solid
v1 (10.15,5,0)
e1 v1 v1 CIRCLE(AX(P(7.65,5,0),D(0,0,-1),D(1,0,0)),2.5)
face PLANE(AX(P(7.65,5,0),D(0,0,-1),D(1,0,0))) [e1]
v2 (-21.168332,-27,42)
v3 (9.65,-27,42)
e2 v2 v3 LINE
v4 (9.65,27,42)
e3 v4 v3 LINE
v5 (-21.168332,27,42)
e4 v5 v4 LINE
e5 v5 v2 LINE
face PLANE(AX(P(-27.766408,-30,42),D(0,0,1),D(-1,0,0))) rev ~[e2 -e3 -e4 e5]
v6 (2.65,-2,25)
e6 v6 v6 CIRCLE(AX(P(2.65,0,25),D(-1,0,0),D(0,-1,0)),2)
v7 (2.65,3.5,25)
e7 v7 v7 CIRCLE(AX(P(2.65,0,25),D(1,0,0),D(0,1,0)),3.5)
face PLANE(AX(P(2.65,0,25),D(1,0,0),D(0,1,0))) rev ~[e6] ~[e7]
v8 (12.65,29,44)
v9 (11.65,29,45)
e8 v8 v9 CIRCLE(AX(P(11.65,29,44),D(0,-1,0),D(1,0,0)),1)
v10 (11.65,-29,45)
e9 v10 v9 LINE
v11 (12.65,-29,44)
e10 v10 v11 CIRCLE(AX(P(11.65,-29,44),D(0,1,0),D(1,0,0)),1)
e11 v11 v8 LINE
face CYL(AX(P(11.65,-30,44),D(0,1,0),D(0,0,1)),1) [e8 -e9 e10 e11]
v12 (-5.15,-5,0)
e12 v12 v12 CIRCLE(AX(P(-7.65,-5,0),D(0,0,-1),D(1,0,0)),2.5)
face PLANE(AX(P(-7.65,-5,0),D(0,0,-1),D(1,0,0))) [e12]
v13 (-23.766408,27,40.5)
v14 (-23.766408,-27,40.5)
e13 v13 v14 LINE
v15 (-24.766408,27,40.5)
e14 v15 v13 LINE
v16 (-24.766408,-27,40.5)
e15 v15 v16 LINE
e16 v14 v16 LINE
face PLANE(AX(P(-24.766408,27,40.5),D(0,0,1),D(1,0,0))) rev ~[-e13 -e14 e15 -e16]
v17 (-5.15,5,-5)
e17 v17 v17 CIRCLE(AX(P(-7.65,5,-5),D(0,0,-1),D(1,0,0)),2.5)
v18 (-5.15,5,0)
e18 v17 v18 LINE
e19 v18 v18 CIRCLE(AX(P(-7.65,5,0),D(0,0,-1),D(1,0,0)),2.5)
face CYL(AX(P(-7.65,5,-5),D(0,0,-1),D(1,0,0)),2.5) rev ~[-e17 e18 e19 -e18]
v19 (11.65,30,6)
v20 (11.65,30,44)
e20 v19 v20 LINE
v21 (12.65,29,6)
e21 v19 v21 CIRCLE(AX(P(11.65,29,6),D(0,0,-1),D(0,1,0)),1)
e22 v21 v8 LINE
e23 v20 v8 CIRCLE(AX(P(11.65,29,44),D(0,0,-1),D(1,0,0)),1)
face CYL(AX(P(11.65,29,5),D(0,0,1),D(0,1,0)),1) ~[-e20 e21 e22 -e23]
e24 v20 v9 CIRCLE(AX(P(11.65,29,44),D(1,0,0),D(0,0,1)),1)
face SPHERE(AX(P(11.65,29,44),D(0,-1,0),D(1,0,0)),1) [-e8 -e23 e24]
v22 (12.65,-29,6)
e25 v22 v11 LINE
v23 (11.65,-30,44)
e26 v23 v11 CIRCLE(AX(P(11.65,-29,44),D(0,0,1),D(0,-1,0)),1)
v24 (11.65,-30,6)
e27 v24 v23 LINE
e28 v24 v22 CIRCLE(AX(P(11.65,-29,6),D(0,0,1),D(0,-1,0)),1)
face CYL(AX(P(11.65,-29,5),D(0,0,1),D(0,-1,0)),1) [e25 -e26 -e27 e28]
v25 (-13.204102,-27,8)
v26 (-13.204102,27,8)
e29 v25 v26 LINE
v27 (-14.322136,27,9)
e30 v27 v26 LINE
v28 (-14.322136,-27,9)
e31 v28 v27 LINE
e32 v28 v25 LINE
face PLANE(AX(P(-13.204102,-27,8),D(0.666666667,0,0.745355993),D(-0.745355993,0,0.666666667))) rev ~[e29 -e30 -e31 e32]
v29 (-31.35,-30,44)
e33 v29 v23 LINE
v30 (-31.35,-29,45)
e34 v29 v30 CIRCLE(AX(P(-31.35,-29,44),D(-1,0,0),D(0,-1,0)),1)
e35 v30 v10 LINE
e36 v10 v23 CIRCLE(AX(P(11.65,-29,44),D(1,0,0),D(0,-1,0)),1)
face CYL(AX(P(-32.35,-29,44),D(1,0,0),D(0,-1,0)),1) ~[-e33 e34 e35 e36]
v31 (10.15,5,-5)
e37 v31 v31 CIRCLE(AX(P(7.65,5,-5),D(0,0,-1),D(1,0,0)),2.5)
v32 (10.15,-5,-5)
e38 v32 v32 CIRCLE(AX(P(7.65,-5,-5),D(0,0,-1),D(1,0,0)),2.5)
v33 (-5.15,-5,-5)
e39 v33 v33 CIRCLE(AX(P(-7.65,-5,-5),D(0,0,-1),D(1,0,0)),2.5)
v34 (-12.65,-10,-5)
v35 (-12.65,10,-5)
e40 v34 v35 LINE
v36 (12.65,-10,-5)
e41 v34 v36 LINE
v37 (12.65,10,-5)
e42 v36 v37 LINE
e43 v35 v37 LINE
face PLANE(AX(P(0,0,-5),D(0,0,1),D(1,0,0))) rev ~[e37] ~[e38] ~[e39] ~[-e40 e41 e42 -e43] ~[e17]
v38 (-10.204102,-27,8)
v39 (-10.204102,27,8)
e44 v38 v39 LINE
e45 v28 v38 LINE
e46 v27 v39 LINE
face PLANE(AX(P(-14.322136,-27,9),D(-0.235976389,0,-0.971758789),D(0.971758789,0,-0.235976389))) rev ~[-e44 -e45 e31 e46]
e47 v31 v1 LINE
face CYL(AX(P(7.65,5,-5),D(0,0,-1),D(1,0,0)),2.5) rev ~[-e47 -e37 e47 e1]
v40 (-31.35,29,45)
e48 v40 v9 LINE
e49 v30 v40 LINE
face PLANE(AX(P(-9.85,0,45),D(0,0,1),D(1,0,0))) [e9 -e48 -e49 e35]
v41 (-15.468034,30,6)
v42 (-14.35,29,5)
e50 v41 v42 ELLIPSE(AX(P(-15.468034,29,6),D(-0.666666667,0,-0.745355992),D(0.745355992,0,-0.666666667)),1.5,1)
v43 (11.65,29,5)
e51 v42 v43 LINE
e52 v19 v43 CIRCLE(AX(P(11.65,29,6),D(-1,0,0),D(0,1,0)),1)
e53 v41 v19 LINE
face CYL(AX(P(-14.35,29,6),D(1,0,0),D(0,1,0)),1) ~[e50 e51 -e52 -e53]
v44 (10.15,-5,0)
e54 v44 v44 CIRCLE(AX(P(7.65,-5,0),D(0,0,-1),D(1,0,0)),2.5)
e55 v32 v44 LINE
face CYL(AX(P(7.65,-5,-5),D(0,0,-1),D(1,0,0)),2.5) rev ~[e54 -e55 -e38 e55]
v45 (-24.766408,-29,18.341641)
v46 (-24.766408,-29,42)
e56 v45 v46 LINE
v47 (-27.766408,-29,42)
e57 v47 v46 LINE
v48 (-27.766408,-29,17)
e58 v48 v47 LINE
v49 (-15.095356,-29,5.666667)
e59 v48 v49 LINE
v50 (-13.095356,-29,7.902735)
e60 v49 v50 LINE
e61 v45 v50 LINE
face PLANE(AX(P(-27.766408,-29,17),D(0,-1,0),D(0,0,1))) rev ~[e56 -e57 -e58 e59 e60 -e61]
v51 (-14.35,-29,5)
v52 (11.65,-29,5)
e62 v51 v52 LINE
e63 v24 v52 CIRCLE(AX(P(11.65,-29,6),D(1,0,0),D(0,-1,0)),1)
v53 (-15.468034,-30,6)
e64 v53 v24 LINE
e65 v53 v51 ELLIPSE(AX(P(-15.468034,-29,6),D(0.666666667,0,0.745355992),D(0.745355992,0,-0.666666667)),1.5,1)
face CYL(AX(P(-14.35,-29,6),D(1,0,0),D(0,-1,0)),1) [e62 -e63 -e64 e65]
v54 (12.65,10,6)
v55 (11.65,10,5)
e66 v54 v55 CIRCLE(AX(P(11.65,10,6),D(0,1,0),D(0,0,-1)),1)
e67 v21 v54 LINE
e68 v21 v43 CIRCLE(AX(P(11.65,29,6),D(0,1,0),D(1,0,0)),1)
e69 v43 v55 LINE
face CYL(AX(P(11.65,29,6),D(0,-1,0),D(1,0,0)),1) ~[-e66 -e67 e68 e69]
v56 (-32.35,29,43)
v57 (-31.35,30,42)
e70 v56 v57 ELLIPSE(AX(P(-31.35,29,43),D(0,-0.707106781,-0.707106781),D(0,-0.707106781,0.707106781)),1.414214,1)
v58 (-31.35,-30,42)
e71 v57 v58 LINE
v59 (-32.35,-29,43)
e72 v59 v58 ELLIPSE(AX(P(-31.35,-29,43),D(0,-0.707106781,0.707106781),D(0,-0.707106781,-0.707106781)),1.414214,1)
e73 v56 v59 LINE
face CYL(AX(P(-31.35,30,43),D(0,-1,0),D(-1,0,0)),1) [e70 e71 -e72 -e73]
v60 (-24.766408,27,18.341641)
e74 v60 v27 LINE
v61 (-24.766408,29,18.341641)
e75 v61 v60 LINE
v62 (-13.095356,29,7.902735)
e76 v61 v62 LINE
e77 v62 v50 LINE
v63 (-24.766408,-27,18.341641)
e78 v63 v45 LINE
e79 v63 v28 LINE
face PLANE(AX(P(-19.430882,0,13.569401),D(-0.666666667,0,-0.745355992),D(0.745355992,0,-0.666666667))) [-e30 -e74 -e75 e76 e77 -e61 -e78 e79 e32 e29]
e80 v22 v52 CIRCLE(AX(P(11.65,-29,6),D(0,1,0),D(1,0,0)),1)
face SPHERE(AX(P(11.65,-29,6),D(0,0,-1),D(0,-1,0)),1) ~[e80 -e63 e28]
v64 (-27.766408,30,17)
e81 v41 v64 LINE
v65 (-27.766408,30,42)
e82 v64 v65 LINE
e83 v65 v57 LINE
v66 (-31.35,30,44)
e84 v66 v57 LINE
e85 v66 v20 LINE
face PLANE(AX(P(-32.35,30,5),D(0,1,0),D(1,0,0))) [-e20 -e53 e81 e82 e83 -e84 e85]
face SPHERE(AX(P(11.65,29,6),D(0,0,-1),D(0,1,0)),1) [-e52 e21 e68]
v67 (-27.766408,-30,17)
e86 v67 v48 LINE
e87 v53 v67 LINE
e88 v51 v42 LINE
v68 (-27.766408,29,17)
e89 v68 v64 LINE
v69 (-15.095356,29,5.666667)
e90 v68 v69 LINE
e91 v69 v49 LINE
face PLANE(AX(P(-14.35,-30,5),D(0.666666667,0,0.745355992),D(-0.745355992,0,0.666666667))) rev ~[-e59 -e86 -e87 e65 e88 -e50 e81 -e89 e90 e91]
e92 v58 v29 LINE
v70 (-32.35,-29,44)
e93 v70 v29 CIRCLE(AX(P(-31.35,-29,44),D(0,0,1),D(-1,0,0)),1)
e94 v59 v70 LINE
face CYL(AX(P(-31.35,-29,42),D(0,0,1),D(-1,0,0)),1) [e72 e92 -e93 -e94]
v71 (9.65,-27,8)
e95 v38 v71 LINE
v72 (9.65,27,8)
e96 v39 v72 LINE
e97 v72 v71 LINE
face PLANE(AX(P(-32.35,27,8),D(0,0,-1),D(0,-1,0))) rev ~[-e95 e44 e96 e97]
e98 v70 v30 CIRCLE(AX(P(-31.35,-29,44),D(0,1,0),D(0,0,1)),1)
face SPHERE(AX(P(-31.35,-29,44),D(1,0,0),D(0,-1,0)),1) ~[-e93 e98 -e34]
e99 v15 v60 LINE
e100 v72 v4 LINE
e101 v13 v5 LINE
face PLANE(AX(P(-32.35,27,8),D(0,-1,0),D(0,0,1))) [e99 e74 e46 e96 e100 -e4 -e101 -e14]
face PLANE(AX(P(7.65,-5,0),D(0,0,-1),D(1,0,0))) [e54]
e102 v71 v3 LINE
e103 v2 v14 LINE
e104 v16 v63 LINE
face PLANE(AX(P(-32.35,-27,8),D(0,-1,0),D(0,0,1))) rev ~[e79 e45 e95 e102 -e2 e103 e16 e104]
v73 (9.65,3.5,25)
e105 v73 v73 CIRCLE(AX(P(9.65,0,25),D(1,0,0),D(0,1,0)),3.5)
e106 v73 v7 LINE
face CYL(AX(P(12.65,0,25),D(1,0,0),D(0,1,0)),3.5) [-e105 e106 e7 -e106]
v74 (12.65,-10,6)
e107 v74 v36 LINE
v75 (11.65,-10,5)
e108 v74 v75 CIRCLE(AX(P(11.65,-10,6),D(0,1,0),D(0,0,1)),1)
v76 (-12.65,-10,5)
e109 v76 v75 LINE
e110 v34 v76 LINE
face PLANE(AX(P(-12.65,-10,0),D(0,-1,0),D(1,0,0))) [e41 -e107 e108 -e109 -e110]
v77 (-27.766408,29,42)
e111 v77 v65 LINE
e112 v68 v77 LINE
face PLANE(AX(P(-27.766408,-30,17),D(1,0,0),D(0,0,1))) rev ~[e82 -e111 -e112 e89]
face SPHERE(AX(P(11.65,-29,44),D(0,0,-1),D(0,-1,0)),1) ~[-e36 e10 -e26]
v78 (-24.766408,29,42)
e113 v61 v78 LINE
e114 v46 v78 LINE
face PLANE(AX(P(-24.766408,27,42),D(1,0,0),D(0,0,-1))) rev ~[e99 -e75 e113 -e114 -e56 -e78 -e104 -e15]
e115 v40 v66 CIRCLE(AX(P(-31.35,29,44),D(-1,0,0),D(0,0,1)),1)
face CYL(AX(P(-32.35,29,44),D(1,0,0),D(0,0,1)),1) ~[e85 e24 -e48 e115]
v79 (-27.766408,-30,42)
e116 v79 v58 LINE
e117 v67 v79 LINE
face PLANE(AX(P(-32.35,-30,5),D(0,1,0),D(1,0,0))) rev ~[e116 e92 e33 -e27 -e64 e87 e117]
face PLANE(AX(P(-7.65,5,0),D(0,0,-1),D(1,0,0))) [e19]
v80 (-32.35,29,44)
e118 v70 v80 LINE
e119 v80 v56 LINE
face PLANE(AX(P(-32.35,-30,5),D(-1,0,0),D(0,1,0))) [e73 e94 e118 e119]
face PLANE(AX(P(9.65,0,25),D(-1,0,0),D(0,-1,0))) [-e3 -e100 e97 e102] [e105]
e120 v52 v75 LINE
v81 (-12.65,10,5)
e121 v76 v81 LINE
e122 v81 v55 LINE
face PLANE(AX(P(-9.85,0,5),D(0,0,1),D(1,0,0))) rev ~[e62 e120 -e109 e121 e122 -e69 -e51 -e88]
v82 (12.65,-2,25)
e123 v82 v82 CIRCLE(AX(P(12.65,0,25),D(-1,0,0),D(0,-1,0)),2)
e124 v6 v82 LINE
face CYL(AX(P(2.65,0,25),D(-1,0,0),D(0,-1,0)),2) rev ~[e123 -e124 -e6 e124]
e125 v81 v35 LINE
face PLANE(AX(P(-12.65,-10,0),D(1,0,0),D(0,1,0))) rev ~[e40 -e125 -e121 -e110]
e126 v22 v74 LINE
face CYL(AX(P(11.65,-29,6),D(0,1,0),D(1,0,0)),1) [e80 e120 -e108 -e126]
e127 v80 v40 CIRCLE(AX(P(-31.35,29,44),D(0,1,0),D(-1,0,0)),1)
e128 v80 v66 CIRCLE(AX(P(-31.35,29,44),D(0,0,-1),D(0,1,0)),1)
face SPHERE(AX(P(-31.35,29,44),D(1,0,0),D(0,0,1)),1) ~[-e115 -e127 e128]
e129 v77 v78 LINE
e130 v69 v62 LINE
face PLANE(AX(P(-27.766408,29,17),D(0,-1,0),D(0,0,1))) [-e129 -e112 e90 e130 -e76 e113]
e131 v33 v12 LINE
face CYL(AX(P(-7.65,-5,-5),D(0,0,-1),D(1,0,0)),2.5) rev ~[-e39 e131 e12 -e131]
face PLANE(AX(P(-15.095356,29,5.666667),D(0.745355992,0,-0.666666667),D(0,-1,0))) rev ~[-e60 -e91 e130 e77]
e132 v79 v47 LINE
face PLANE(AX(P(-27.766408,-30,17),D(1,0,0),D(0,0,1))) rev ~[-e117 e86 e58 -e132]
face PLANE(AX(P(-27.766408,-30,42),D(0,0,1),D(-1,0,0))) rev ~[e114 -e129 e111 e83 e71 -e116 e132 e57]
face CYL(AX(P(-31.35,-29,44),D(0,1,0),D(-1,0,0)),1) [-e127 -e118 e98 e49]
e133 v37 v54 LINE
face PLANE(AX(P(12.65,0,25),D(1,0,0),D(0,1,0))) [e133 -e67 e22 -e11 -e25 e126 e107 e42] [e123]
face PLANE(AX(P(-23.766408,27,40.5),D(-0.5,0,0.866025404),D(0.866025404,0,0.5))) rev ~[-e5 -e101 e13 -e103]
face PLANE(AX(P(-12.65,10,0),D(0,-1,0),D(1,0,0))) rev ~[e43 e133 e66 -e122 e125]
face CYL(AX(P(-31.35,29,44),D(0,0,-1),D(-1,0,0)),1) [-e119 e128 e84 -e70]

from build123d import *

# Parameters (mm, degrees)
F0_W      = 25.3
F0_H      = 20
F1_DEPTH  = 5
F2_R      = 2.5
F3_DEPTH  = 5
F4_W      = 45
F4_H      = 60
F5_DEPTH  = 40
F6_W      = 54
F6_H      = 34
F7_DEPTH  = 42
F9_DEPTH  = 60
F10_W     = 58
F10_H     = 25
F11_DEPTH = 3
F12_W     = 17
F12_H     = 58
F13_DEPTH = 3
F14_R     = 1
F15_R     = 1
F17_DEPTH = 55
F18_R     = 3.5
F19_DEPTH = 10
F20_R     = 2
F21_DEPTH = 25
F23_DEPTH = 55


with BuildPart() as f1:
    # F0 (on Top) → F1 (new body, symmetric)
    with BuildSketch(Plane.XY):
        Rectangle(F0_W, F0_H)
    extrude(amount=F1_DEPTH, both=True)

    # F2 (on face) → F3 (cut)
    with BuildSketch(Plane(origin=(0, 0, -5), x_dir=(1, 0, 0), z_dir=(0, 0, -1))):
        with Locations((7.65, 5)):
            Circle(F2_R)
        with Locations((7.65, -5)):
            Circle(F2_R)
        with Locations((-7.65, -5)):
            Circle(F2_R)
        with Locations((-7.65, 5)):
            Circle(F2_R)
    extrude(amount=-F3_DEPTH, mode=Mode.SUBTRACT)

    # F4 (on face) → F5 (join)
    with BuildSketch(Plane.XY.offset(5)):
        with Locations((-9.85, 0)):
            Rectangle(F4_W, F4_H)
    extrude(amount=F5_DEPTH)

    # F6 (on face) → F7 (cut)
    with BuildSketch(Plane(origin=(-32.35, 0, 0), x_dir=(0, -1, 0), z_dir=(-1, 0, 0))):
        with Locations((0, 25)):
            Rectangle(F6_W, F6_H)
    extrude(amount=-F7_DEPTH, mode=Mode.SUBTRACT)

    # F8 (on face) → F9 (cut)
    with BuildSketch(Plane.XZ.offset(30)):
        Polygon((-27.766407865, 42), (-32.35, 42), (-32.35, 5), (-14.35, 5), (-27.766407865, 17), align=None)
    extrude(amount=-F9_DEPTH, mode=Mode.SUBTRACT)

    # F10 (on face) → F11 (cut)
    with BuildSketch(Plane(origin=(-27.766407865, 0, 0), x_dir=(0, -1, 0), z_dir=(-1, 0, 0))):
        with Locations((0, 29.5)):
            Rectangle(F10_W, F10_H)
    extrude(amount=-F11_DEPTH, mode=Mode.SUBTRACT)

    # F12 (on face) → F13 (cut)
    with BuildSketch(Plane(origin=(-3.8932578028, 0, -4.3527945505), x_dir=(0.7453559925, 0, -0.6666666667), z_dir=(-0.6666666667, 0, -0.7453559925))):
        with Locations((-23.5291918257, 0)):
            Rectangle(F12_W, F12_H)
    extrude(amount=-F13_DEPTH, mode=Mode.SUBTRACT)

    # F14
    f14_edges = [f1.edges().sort_by_distance(p)[0] for p in [
        (12.65, -30, 25),
        (-9.85, -30, 45),
        (12.65, 0, 45),
        (12.65, 30, 25),
        (-9.85, 30, 45),
    ]]
    fillet(f14_edges, radius=F14_R)

    # F15
    f15_edges = [f1.edges().sort_by_distance(p)[0] for p in [
        (-32.35, 0, 42),
        (-32.35, 0, 45),
        (-1.35, -30, 5),
        (-1.35, 30, 5),
    ]]
    fillet(f15_edges, radius=F15_R)

    # F16 (on face) → F17 (join)
    with BuildSketch(Plane.XZ.offset(-27)):
        Polygon((-21.1683316536, 42), (-24.766407865, 42), (-24.766407865, 40.5), (-23.766407865, 40.5), align=None)
    extrude(amount=F17_DEPTH)

    # F18 (on face) → F19 (join)
    with BuildSketch(Plane.YZ.offset(12.65)):
        with Locations((0, 25)):
            Circle(F18_R)
    extrude(amount=-F19_DEPTH)

    # F20 (on face) → F21 (cut)
    with BuildSketch(Plane(origin=(2.65, 0, 0), x_dir=(0, -1, 0), z_dir=(-1, 0, 0))):
        with Locations((0, 25)):
            Circle(F20_R)
    extrude(amount=-F21_DEPTH, mode=Mode.SUBTRACT)

    # F22 (on face) → F23 (join)
    with BuildSketch(Plane(origin=(0, -27, 0), x_dir=(-1, 0, 0), z_dir=(0, 1, 0))):
        Polygon((13.2041019662, 8), (14.322135955, 9), (10.2041019662, 8), align=None)
    extrude(amount=F23_DEPTH)


solid = f1.part
